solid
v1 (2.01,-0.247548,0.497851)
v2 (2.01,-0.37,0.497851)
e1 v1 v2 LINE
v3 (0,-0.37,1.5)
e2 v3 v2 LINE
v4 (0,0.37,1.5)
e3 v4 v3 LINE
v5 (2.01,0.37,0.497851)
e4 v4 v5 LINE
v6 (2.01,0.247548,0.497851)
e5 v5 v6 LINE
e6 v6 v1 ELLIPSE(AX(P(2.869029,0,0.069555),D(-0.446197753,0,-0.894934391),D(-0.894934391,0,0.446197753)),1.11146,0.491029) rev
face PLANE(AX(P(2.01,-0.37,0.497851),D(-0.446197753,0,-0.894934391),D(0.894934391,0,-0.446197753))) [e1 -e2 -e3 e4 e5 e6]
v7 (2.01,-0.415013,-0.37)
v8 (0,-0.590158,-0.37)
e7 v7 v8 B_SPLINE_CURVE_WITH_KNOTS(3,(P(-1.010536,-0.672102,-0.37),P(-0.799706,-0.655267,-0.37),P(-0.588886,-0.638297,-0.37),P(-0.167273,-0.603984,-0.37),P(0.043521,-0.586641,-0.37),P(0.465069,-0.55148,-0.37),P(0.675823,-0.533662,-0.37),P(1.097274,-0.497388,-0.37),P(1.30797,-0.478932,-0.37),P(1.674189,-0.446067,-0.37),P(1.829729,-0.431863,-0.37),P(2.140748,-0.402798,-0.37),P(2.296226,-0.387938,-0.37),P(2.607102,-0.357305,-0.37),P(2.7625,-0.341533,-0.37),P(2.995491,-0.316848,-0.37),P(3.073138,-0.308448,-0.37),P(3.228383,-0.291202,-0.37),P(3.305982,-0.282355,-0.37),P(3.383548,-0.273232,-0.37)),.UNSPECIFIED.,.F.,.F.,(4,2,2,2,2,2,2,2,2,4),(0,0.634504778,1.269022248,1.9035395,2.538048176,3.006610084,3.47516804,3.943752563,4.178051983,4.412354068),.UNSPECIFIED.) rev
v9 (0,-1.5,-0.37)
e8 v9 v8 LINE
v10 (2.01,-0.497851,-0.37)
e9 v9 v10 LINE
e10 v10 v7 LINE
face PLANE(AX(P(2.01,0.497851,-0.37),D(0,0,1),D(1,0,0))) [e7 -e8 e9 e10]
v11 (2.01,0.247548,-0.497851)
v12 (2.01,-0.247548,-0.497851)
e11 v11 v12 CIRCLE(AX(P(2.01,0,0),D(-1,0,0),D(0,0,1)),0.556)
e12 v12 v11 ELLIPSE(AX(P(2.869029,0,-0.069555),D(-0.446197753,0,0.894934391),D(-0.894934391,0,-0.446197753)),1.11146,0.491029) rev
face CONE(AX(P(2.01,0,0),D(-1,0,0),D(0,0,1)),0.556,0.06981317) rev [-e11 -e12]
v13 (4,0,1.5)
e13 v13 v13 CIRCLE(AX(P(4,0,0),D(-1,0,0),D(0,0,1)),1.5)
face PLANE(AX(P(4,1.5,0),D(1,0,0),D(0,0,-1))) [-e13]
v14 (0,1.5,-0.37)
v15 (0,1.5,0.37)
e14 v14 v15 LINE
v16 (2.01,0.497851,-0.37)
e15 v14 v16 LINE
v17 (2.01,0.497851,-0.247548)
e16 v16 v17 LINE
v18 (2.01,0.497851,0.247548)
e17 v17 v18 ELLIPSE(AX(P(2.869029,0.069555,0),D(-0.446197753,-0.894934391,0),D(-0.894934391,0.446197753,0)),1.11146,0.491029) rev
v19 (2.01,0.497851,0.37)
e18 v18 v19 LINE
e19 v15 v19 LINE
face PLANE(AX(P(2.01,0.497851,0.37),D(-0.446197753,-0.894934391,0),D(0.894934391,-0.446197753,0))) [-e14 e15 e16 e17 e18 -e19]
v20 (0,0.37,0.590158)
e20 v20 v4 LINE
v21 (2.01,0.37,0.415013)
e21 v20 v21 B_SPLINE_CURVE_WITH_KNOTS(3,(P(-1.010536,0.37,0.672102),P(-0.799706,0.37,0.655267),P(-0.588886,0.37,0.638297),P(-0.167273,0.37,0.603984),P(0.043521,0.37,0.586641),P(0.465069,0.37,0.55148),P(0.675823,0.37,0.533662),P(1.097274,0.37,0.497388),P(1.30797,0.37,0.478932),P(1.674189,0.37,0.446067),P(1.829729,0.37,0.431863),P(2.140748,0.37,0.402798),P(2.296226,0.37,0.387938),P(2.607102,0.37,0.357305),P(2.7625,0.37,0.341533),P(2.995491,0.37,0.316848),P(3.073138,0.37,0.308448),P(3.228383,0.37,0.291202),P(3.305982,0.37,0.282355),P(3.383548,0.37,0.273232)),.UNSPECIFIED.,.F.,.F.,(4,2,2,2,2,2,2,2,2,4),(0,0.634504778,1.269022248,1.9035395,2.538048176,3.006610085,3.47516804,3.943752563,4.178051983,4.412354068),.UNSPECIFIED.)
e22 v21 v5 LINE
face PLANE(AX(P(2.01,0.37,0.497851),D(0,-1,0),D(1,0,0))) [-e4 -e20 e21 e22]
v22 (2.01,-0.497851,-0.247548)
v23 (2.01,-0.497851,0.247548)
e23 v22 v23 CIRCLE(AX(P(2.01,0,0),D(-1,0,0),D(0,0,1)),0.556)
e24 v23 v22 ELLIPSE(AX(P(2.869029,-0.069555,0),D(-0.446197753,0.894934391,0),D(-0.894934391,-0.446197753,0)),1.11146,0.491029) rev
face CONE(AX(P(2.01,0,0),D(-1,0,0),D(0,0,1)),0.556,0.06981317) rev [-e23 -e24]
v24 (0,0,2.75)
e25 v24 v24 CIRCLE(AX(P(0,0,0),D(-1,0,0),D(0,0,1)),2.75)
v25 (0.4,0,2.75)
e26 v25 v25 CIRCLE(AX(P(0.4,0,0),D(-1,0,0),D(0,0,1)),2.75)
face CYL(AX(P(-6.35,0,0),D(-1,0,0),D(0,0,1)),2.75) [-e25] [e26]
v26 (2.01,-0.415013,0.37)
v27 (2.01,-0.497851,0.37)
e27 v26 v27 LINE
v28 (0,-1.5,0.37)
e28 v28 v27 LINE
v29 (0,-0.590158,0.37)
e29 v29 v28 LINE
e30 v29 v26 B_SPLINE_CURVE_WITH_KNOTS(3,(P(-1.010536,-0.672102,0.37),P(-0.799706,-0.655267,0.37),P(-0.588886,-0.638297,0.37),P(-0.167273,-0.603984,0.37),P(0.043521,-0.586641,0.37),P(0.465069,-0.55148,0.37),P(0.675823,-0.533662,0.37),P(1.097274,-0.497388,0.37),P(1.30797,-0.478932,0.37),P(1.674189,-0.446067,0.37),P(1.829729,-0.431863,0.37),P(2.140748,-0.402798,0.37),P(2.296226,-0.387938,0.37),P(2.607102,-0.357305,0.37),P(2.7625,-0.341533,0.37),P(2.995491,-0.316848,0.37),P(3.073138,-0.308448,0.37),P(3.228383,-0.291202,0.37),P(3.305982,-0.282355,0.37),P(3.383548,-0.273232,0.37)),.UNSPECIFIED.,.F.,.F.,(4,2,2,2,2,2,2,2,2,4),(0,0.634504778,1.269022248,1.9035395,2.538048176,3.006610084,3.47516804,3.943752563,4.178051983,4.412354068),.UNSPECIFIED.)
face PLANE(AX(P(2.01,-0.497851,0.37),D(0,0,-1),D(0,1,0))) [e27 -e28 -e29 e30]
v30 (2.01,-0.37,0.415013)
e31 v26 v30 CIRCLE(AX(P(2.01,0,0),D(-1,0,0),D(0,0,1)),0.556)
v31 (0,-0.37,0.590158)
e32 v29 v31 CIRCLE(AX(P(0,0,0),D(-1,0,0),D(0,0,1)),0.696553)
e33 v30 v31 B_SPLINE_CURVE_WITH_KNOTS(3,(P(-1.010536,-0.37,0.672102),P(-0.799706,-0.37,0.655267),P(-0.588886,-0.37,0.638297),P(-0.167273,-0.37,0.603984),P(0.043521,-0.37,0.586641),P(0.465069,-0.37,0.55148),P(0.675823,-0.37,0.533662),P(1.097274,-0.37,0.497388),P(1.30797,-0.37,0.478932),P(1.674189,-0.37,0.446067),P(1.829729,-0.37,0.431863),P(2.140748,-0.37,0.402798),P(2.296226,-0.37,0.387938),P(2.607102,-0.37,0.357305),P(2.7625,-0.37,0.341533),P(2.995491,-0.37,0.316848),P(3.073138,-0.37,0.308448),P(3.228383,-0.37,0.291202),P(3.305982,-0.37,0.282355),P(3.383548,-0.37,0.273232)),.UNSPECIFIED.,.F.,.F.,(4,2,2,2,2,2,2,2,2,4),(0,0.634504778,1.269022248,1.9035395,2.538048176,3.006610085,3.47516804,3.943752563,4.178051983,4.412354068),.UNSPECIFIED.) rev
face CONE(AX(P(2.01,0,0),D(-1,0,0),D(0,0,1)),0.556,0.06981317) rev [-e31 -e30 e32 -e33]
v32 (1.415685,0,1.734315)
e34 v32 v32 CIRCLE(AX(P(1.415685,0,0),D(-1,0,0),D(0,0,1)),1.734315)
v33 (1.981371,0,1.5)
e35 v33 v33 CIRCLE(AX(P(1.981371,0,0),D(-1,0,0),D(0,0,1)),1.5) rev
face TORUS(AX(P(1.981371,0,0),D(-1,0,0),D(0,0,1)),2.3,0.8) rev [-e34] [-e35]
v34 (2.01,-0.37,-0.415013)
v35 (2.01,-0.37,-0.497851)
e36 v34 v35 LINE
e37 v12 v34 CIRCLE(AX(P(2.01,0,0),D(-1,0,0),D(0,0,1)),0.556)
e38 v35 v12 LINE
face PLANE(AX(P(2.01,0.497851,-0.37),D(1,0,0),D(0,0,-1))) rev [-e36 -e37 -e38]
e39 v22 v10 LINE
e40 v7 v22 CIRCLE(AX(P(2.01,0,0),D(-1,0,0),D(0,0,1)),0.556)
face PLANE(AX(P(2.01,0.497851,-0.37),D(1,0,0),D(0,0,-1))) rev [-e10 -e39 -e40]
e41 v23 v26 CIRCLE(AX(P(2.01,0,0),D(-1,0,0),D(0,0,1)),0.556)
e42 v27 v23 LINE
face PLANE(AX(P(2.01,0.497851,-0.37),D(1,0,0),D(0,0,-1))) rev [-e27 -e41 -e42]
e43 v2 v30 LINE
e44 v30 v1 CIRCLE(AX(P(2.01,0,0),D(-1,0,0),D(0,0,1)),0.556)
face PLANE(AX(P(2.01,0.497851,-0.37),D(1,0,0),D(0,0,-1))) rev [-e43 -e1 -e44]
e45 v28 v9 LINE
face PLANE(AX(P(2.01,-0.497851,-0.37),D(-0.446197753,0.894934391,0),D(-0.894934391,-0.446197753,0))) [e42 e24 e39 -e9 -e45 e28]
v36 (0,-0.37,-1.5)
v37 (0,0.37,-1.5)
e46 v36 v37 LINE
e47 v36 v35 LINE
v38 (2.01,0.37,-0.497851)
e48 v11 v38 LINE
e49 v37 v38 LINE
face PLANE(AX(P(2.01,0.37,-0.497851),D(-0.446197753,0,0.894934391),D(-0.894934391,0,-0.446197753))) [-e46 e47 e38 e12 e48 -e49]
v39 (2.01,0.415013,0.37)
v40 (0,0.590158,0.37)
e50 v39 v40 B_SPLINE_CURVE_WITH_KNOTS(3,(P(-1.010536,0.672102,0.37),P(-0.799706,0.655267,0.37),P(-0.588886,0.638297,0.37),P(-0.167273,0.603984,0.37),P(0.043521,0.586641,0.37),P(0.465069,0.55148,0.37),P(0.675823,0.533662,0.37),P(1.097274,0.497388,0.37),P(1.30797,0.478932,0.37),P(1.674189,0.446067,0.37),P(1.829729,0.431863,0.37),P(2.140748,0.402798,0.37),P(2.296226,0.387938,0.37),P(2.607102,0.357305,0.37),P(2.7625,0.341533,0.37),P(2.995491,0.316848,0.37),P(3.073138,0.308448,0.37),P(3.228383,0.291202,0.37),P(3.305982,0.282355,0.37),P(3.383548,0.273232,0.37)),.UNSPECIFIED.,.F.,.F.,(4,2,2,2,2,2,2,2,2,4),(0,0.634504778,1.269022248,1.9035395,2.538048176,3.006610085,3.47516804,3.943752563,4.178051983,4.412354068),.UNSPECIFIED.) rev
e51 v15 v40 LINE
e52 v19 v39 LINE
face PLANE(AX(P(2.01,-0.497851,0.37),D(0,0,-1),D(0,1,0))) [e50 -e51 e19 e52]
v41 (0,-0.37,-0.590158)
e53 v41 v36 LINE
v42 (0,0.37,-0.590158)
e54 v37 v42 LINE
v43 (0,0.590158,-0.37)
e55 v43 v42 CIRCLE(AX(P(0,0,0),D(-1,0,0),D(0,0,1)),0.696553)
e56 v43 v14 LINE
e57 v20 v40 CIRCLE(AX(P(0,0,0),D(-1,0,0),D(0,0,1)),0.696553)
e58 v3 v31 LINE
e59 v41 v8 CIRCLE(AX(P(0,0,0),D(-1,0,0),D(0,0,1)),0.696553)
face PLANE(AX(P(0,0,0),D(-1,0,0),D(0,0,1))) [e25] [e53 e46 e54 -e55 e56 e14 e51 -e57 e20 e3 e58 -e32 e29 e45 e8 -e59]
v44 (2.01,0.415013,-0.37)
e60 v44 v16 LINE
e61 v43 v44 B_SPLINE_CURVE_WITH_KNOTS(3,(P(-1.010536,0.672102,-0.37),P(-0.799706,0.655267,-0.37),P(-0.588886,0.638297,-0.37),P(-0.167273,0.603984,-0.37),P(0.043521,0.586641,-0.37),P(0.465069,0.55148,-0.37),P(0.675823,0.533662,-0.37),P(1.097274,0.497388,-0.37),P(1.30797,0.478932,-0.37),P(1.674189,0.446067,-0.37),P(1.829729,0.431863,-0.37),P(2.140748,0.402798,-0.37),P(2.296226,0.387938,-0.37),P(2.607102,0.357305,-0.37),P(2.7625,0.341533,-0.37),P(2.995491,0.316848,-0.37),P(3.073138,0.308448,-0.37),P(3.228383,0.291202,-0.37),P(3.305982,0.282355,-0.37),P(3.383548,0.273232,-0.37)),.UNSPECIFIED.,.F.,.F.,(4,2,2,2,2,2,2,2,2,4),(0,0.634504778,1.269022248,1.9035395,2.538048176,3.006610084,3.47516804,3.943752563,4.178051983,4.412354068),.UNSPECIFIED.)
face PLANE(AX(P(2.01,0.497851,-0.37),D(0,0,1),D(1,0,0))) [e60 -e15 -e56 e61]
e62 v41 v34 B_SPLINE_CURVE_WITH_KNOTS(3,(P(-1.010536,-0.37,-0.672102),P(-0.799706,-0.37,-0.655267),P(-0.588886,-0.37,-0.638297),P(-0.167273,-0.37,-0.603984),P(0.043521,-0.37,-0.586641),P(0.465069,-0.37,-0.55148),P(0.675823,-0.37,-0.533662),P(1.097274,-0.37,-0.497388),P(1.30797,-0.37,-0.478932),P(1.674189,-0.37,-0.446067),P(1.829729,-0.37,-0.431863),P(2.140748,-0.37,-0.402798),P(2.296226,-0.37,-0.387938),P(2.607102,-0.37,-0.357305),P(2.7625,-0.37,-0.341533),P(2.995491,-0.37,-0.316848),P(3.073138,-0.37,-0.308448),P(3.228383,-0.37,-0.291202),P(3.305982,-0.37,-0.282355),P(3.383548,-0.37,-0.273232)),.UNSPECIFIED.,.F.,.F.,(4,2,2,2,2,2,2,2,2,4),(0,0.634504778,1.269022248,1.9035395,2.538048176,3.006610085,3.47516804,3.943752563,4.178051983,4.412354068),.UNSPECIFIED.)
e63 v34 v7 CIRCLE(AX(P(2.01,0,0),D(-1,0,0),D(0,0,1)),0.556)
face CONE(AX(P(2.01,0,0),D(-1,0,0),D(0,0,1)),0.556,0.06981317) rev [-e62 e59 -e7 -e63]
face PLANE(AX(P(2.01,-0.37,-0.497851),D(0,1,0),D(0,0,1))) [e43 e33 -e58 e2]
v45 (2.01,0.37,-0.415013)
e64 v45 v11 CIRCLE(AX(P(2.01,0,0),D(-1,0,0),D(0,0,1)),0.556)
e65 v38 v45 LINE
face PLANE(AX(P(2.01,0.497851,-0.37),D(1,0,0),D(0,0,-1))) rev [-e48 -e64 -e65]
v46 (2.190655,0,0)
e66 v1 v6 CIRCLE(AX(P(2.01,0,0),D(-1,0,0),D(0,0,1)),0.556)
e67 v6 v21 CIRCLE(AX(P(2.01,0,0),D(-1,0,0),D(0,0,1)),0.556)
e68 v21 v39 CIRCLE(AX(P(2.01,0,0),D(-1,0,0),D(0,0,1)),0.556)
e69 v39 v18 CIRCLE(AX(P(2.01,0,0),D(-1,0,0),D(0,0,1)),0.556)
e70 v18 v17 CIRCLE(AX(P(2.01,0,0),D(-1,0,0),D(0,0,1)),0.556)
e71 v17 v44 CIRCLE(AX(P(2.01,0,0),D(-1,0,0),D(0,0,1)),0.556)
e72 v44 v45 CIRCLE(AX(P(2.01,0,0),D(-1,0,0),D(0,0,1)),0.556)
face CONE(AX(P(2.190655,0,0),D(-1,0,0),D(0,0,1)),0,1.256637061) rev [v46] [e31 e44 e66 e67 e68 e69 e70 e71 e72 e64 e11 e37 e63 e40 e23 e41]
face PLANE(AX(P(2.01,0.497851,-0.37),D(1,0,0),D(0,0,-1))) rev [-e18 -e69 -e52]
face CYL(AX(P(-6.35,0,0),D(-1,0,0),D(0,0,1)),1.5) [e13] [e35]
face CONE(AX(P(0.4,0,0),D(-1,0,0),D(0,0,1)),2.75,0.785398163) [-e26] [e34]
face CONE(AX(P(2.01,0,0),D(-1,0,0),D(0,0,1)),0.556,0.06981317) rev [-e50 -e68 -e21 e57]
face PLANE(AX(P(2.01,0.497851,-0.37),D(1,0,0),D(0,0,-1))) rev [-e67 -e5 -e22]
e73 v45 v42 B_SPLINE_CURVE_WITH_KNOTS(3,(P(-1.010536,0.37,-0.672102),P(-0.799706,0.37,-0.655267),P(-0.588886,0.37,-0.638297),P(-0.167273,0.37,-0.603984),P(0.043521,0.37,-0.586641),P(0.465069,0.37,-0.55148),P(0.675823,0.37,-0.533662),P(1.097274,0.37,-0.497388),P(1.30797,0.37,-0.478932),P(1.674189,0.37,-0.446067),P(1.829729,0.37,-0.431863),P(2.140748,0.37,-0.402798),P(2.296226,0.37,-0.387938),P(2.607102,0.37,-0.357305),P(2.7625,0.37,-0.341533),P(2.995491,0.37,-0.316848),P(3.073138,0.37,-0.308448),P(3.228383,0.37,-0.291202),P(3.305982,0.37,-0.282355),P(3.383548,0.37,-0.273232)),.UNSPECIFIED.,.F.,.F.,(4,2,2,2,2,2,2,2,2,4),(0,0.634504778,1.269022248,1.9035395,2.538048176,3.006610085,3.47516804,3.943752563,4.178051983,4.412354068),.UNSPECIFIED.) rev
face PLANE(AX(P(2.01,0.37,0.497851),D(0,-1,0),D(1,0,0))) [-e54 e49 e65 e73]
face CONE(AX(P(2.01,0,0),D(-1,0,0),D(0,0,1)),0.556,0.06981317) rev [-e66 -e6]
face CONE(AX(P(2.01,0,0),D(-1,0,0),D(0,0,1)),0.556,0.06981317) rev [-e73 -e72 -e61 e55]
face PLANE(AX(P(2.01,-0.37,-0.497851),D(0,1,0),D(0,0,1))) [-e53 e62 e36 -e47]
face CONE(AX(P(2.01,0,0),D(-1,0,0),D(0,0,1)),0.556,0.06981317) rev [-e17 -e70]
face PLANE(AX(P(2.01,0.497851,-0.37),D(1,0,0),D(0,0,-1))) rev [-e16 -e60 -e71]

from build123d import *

# Parameters (mm, degrees)
FILLET1_R    = 0.8
SKETCH3_W    = 0.74
SKETCH3_H    = 3
SKETCH4_W    = 0.74
SKETCH4_H    = 0.99570227
RECPAT_COUNT = 2
RECPAT_ANGLE = 90


with BuildPart() as part:
    # BodySke → Base-Revolve (revolve)
    with BuildSketch(Plane.XY):
        Polygon((0, 0), (0, 2.75), (0.4, 2.75), (1.65, 1.5), (4, 1.5), (4, 0), align=None)
    revolve(axis=Axis((-6.35, 0, 0), (1, 0, 0)))

    # Fillet1
    fillet1_edges = [part.edges().sort_by_distance(p)[0] for p in [
        (1.65, -1.5, 0),
    ]]
    fillet(fillet1_edges, radius=FILLET1_R)

    # Sketch3 → Recess section 0
    with BuildSketch(Plane.ZY):
        Rectangle(SKETCH3_W, SKETCH3_H)
    # Sketch4 → Recess section 1
    with BuildSketch(Plane.ZY.offset(-2.01)):
        Rectangle(SKETCH4_W, SKETCH4_H)
    recess = loft(mode=Mode.SUBTRACT)

    # RecPat: Recess ×2 about axis
    recpat_axis = Axis((0, 0, 0), (1, 0, 0))
    for i in range(1, RECPAT_COUNT):
        add(recess.rotate(recpat_axis, i * RECPAT_ANGLE / (RECPAT_COUNT - 1)), mode=Mode.SUBTRACT)

    # RecCorSke → RecessCore (revolve, cut)
    with BuildSketch(Plane.XY):
        Polygon((0, 0), (0, 0.696552892), (2.01, 0.556), (2.190655351, 0), align=None)
    revolve(axis=Axis((-3.175, 0, 0), (1, 0, 0)), mode=Mode.SUBTRACT)


solid = part.part
